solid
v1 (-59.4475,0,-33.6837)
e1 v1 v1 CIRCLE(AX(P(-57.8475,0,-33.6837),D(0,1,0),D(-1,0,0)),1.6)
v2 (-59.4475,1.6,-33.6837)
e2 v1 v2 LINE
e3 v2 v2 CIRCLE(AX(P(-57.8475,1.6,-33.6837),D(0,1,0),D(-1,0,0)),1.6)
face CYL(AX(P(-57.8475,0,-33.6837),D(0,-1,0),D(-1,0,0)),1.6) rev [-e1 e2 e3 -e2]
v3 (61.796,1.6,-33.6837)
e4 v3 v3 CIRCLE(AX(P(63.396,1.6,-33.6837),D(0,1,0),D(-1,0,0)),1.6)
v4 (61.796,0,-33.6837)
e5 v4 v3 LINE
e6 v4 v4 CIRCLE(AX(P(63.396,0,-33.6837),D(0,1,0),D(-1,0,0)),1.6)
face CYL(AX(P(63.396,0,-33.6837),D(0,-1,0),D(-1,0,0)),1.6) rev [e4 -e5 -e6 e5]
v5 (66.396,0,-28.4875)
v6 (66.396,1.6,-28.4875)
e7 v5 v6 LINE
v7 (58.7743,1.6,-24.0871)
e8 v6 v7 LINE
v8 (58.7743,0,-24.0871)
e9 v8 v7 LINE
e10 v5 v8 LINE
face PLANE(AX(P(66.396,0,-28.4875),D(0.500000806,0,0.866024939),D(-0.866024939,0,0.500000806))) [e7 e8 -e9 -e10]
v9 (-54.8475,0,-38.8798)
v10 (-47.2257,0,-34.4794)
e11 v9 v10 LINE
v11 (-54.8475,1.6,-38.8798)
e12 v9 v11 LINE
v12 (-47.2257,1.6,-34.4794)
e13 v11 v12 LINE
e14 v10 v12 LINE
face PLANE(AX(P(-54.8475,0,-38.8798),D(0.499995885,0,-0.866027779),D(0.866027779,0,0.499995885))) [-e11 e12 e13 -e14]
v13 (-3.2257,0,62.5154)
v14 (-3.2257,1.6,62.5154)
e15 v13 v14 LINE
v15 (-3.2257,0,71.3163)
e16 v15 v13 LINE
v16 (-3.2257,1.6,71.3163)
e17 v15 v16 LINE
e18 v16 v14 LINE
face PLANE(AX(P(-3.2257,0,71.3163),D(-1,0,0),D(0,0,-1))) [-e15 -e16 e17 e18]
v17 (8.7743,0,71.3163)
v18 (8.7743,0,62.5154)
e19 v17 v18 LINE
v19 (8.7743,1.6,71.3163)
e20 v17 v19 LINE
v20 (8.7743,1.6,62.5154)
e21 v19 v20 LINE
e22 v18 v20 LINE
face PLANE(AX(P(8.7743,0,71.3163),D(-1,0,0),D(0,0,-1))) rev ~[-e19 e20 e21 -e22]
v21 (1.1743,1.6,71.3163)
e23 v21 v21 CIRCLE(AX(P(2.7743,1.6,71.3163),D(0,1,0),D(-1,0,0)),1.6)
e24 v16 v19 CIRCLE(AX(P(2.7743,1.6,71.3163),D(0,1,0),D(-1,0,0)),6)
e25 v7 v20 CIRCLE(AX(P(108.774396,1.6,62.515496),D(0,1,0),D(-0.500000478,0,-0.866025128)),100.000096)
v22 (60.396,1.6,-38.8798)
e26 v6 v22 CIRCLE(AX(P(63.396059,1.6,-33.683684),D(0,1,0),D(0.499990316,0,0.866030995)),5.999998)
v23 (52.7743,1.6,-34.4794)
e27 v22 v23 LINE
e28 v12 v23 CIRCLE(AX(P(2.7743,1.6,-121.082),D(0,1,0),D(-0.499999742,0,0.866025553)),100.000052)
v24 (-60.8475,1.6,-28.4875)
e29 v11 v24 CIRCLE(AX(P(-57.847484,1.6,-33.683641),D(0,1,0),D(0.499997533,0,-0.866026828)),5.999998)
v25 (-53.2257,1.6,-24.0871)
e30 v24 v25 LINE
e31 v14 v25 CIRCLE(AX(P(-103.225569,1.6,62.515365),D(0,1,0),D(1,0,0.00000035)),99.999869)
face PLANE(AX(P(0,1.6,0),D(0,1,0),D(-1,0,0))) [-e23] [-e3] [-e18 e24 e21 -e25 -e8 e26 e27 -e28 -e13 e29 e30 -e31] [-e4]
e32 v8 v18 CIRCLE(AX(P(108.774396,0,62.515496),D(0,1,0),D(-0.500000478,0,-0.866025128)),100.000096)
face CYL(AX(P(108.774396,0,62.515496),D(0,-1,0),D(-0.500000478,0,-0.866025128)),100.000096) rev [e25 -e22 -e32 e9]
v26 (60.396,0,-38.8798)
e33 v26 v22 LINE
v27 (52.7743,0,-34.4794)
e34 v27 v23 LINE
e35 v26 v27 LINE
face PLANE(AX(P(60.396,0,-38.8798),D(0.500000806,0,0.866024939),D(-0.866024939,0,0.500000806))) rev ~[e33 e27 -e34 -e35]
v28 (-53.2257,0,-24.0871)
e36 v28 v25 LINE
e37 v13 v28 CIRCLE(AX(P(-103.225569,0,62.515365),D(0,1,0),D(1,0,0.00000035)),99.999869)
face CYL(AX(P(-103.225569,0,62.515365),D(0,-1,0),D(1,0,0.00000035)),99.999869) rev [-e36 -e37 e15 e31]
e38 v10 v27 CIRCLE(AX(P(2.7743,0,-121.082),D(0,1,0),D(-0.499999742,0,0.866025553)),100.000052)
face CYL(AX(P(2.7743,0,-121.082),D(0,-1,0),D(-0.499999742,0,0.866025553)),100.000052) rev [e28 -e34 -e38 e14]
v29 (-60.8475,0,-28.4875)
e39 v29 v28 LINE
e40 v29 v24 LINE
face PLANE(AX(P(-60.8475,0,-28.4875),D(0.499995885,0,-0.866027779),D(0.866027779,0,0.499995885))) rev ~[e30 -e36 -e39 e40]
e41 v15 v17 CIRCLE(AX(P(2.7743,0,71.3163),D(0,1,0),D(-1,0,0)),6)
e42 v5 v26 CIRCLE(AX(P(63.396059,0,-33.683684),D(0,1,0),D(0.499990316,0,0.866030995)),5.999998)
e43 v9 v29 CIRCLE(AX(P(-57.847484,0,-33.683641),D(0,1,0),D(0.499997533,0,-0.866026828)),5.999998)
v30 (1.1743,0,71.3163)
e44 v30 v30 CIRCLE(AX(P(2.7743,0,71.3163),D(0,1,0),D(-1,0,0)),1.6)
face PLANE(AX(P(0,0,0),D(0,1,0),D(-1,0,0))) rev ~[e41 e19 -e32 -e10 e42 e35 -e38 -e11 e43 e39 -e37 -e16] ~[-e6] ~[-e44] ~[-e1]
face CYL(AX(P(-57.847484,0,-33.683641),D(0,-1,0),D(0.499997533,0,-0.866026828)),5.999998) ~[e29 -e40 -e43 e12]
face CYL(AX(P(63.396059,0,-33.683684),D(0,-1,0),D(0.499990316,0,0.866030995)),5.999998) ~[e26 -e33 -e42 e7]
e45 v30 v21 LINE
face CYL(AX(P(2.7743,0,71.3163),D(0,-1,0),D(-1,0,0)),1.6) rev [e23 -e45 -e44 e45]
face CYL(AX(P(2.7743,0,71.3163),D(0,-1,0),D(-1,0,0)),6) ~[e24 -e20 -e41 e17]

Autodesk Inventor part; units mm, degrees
ref_plane "YZ Plane" through (0, 0, 0) normal (1, 0, 0) x (0, 1, 0)
ref_plane "XZ Plane" through (0, 0, 0) normal (0, 1, 0) x (-1, 0, 0)
ref_plane "XY Plane" through (0, 0, 0) normal (0, 0, 1) x (1, 0, 0)
sketch "Sketch1" plane through (0, 0, 0) normal (0, 1, 0) x (-1, 0, 0)
  circle A0 centre (-63.396, -33.6837) radius 1.6
  line L0 (-66.396, -28.4875) -> (-58.7743, -24.0871)
  line L1 (-60.396, -38.8798) -> (-52.7743, -34.4794)
  line L2 (-59.0659, -31.1837) -> (-59.9409, -29.6682)
  line L3 (-59.0659, -31.1837) -> (-58.1909, -32.6992)
  line L4 (-59.9409, -29.6682) -> (-58.2089, -28.6682)
  line L5 (-58.2089, -28.6682) -> (-56.4589, -31.6992)
  line L6 (-56.4589, -31.6992) -> (-58.1909, -32.6992)
  line L7 (-56.4678, -29.6837) -> (-57.3428, -28.1682)
  line L8 (-56.4678, -29.6837) -> (-55.5928, -31.1992)
  line L9 (-57.3428, -28.1682) -> (-55.6108, -27.1682)
  line L10 (-55.6108, -27.1682) -> (-53.8608, -30.1992)
  line L11 (-53.8608, -30.1992) -> (-55.5928, -31.1992)
  line L12 (-48.5004, -25.0837) -> (-49.3754, -23.5682)
  line L13 (-48.5004, -25.0837) -> (-47.6254, -26.5992)
  line L14 (-49.3754, -23.5682) -> (-47.6433, -22.5682)
  line L15 (-47.6433, -22.5682) -> (-45.8933, -25.5992)
  line L16 (-45.8933, -25.5992) -> (-47.6254, -26.5992)
  line L17 (-45.9023, -23.5837) -> (-46.7773, -22.0682)
  line L18 (-45.9023, -23.5837) -> (-45.0273, -25.0992)
  line L19 (-46.7773, -22.0682) -> (-45.0453, -21.0682)
  line L20 (-45.0453, -21.0682) -> (-43.2953, -24.0992)
  line L21 (-43.2953, -24.0992) -> (-45.0273, -25.0992)
  line L22 (-37.9349, -18.9837) -> (-38.8099, -17.4682)
  line L23 (-37.9349, -18.9837) -> (-37.0599, -20.4992)
  line L24 (-38.8099, -17.4682) -> (-37.0778, -16.4682)
  line L25 (-37.0778, -16.4682) -> (-35.3278, -19.4992)
  line L26 (-35.3278, -19.4992) -> (-37.0599, -20.4992)
  line L27 (-35.3368, -17.4837) -> (-36.2118, -15.9682)
  line L28 (-35.3368, -17.4837) -> (-34.4618, -18.9992)
  line L29 (-36.2118, -15.9682) -> (-34.4798, -14.9682)
  line L30 (-34.4798, -14.9682) -> (-32.7298, -17.9992)
  line L31 (-32.7298, -17.9992) -> (-34.4618, -18.9992)
  line L32 (-27.3694, -12.8837) -> (-28.2444, -11.3682)
  line L33 (-27.3694, -12.8837) -> (-26.4944, -14.3992)
  line L34 (-28.2444, -11.3682) -> (-26.5123, -10.3682)
  line L35 (-26.5123, -10.3682) -> (-24.7623, -13.3992)
  line L36 (-24.7623, -13.3992) -> (-26.4944, -14.3992)
  line L37 (-24.7713, -11.3837) -> (-25.6463, -9.8682)
  line L38 (-24.7713, -11.3837) -> (-23.8963, -12.8992)
  line L39 (-25.6463, -9.8682) -> (-23.9143, -8.8682)
  line L40 (-23.9143, -8.8682) -> (-22.1643, -11.8992)
  line L41 (-22.1643, -11.8992) -> (-23.8963, -12.8992)
  circle A1 centre (57.8475, -33.6837) radius 1.6
  line L42 (54.8475, -38.8798) -> (47.2257, -34.4794)
  line L43 (60.8475, -28.4875) -> (53.2257, -24.0871)
  line L44 (53.5174, -31.1837) -> (52.6424, -32.6992)
  line L45 (53.5174, -31.1837) -> (54.3924, -29.6682)
  line L46 (52.6424, -32.6992) -> (50.9103, -31.6992)
  line L47 (50.9103, -31.6992) -> (52.6603, -28.6682)
  line L48 (52.6603, -28.6682) -> (54.3924, -29.6682)
  line L49 (50.9193, -29.6837) -> (50.0443, -31.1992)
  line L50 (50.9193, -29.6837) -> (51.7943, -28.1682)
  line L51 (50.0443, -31.1992) -> (48.3123, -30.1992)
  line L52 (48.3123, -30.1992) -> (50.0623, -27.1682)
  line L53 (50.0623, -27.1682) -> (51.7943, -28.1682)
  line L54 (42.9519, -25.0837) -> (42.0769, -26.5992)
  line L55 (42.9519, -25.0837) -> (43.8269, -23.5682)
  line L56 (42.0769, -26.5992) -> (40.3448, -25.5992)
  line L57 (40.3448, -25.5992) -> (42.0948, -22.5682)
  line L58 (42.0948, -22.5682) -> (43.8269, -23.5682)
  line L59 (40.3538, -23.5837) -> (39.4788, -25.0992)
  line L60 (40.3538, -23.5837) -> (41.2288, -22.0682)
  line L61 (39.4788, -25.0992) -> (37.7468, -24.0992)
  line L62 (37.7468, -24.0992) -> (39.4968, -21.0682)
  line L63 (39.4968, -21.0682) -> (41.2288, -22.0682)
  line L64 (32.3864, -18.9837) -> (31.5114, -20.4992)
  line L65 (32.3864, -18.9837) -> (33.2614, -17.4682)
  line L66 (31.5114, -20.4992) -> (29.7793, -19.4992)
  line L67 (29.7793, -19.4992) -> (31.5293, -16.4682)
  line L68 (31.5293, -16.4682) -> (33.2614, -17.4682)
  line L69 (29.7883, -17.4837) -> (28.9133, -18.9992)
  line L70 (29.7883, -17.4837) -> (30.6633, -15.9682)
  line L71 (28.9133, -18.9992) -> (27.1812, -17.9992)
  line L72 (27.1812, -17.9992) -> (28.9312, -14.9682)
  line L73 (28.9312, -14.9682) -> (30.6633, -15.9682)
  line L74 (21.8209, -12.8837) -> (20.9459, -14.3992)
  line L75 (21.8209, -12.8837) -> (22.6959, -11.3682)
  line L76 (20.9459, -14.3992) -> (19.2138, -13.3992)
  line L77 (19.2138, -13.3992) -> (20.9638, -10.3682)
  line L78 (20.9638, -10.3682) -> (22.6959, -11.3682)
  line L79 (19.2228, -11.3837) -> (18.3478, -12.8992)
  line L80 (19.2228, -11.3837) -> (20.0978, -9.8682)
  line L81 (18.3478, -12.8992) -> (16.6157, -11.8992)
  line L82 (16.6157, -11.8992) -> (18.3657, -8.8682)
  line L83 (18.3657, -8.8682) -> (20.0978, -9.8682)
  circle A2 centre (-2.7743, 71.3163) radius 1.6
  line L84 (3.2257, 71.3163) -> (3.2257, 62.5154)
  line L85 (-8.7743, 71.3163) -> (-8.7743, 62.5154)
  line L86 (-2.7743, 66.3163) -> (-1.0243, 66.3163)
  line L87 (-2.7743, 66.3163) -> (-4.5243, 66.3163)
  line L88 (-1.0243, 66.3163) -> (-1.0243, 64.3163)
  line L89 (-1.0243, 64.3163) -> (-4.5243, 64.3163)
  line L90 (-4.5243, 64.3163) -> (-4.5243, 66.3163)
  line L91 (-2.7743, 63.3163) -> (-1.0243, 63.3163)
  line L92 (-2.7743, 63.3163) -> (-4.5243, 63.3163)
  line L93 (-1.0243, 63.3163) -> (-1.0243, 61.3163)
  line L94 (-1.0243, 61.3163) -> (-4.5243, 61.3163)
  line L95 (-4.5243, 61.3163) -> (-4.5243, 63.3163)
  line L96 (-2.7743, 54.1163) -> (-1.0243, 54.1163)
  line L97 (-2.7743, 54.1163) -> (-4.5243, 54.1163)
  line L98 (-1.0243, 54.1163) -> (-1.0243, 52.1163)
  line L99 (-1.0243, 52.1163) -> (-4.5243, 52.1163)
  line L100 (-4.5243, 52.1163) -> (-4.5243, 54.1163)
  line L101 (-2.7743, 51.1163) -> (-1.0243, 51.1163)
  line L102 (-2.7743, 51.1163) -> (-4.5243, 51.1163)
  line L103 (-1.0243, 51.1163) -> (-1.0243, 49.1163)
  line L104 (-1.0243, 49.1163) -> (-4.5243, 49.1163)
  line L105 (-4.5243, 49.1163) -> (-4.5243, 51.1163)
  line L106 (-2.7743, 41.9163) -> (-1.0243, 41.9163)
  line L107 (-2.7743, 41.9163) -> (-4.5243, 41.9163)
  line L108 (-1.0243, 41.9163) -> (-1.0243, 39.9163)
  line L109 (-1.0243, 39.9163) -> (-4.5243, 39.9163)
  line L110 (-4.5243, 39.9163) -> (-4.5243, 41.9163)
  line L111 (-2.7743, 38.9163) -> (-1.0243, 38.9163)
  line L112 (-2.7743, 38.9163) -> (-4.5243, 38.9163)
  line L113 (-1.0243, 38.9163) -> (-1.0243, 36.9163)
  line L114 (-1.0243, 36.9163) -> (-4.5243, 36.9163)
  line L115 (-4.5243, 36.9163) -> (-4.5243, 38.9163)
  line L116 (-2.7743, 29.7163) -> (-1.0243, 29.7163)
  line L117 (-2.7743, 29.7163) -> (-4.5243, 29.7163)
  line L118 (-1.0243, 29.7163) -> (-1.0243, 27.7163)
  line L119 (-1.0243, 27.7163) -> (-4.5243, 27.7163)
  line L120 (-4.5243, 27.7163) -> (-4.5243, 29.7163)
  line L121 (-2.7743, 26.7163) -> (-1.0243, 26.7163)
  line L122 (-2.7743, 26.7163) -> (-4.5243, 26.7163)
  line L123 (-1.0243, 26.7163) -> (-1.0243, 24.7163)
  line L124 (-1.0243, 24.7163) -> (-4.5243, 24.7163)
  line L125 (-4.5243, 24.7163) -> (-4.5243, 26.7163)
  arc A3 (3.2257, 71.3163) -> (-8.7743, 71.3163) centre (-2.7743, 71.3163) ccw
  arc A4 (-66.396, -28.4875) -> (-60.396, -38.8798) centre (-63.396, -33.6837) ccw
  arc A5 (54.8475, -38.8798) -> (60.8475, -28.4875) centre (57.8475, -33.6837) ccw
  arc A6 (-58.7743, -24.0871) -> (-8.7743, 62.5154) centre (-108.7743, 62.5154) ccw
  arc A7 (3.2257, 62.5154) -> (53.2257, -24.0871) centre (103.2257, 62.5154) ccw
  arc A8 (47.2257, -34.4794) -> (-52.7743, -34.4794) centre (-2.7743, -121.082) ccw
  point P0 (0, 0)
extrude "Extrusion1" add sketch "Sketch1" along normal blind 1.6 contours L0 A6 L85 A3 L84 A7 L43 A5 L42 A8 L1 A4 | L2 L4 L5 L6 L3 | L7 L9 L10 L11 L8 | L12 L14 L15 L16 L13 | L17 L19 L20 L21 L18 | L22 L24 L25 L26 L23 | L27 L29 L30 L31 L28 | L32 L34 L35 L36 L33 | L37 L39 L40 L41 L38 | L44 L46 L47 L48 L45 | L49 L51 L52 L53 L50 | L54 L56 L57 L58 L55 | L59 L61 L62 L63 L60 | L64 L66 L67 L68 L65 | L69 L71 L72 L73 L70 | L74 L76 L77 L78 L75 | L79 L81 L82 L83 L80 | L86 L88 L89 L90 L87 | L91 L93 L94 L95 L92 | L96 L98 L99 L100 L97 | L101 L103 L104 L105 L102 | L106 L108 L109 L110 L107 | L111 L113 L114 L115 L112 | L116 L118 L119 L120 L117 | L121 L123 L124 L125 L122
properties part number "Light Sensor PCB"
